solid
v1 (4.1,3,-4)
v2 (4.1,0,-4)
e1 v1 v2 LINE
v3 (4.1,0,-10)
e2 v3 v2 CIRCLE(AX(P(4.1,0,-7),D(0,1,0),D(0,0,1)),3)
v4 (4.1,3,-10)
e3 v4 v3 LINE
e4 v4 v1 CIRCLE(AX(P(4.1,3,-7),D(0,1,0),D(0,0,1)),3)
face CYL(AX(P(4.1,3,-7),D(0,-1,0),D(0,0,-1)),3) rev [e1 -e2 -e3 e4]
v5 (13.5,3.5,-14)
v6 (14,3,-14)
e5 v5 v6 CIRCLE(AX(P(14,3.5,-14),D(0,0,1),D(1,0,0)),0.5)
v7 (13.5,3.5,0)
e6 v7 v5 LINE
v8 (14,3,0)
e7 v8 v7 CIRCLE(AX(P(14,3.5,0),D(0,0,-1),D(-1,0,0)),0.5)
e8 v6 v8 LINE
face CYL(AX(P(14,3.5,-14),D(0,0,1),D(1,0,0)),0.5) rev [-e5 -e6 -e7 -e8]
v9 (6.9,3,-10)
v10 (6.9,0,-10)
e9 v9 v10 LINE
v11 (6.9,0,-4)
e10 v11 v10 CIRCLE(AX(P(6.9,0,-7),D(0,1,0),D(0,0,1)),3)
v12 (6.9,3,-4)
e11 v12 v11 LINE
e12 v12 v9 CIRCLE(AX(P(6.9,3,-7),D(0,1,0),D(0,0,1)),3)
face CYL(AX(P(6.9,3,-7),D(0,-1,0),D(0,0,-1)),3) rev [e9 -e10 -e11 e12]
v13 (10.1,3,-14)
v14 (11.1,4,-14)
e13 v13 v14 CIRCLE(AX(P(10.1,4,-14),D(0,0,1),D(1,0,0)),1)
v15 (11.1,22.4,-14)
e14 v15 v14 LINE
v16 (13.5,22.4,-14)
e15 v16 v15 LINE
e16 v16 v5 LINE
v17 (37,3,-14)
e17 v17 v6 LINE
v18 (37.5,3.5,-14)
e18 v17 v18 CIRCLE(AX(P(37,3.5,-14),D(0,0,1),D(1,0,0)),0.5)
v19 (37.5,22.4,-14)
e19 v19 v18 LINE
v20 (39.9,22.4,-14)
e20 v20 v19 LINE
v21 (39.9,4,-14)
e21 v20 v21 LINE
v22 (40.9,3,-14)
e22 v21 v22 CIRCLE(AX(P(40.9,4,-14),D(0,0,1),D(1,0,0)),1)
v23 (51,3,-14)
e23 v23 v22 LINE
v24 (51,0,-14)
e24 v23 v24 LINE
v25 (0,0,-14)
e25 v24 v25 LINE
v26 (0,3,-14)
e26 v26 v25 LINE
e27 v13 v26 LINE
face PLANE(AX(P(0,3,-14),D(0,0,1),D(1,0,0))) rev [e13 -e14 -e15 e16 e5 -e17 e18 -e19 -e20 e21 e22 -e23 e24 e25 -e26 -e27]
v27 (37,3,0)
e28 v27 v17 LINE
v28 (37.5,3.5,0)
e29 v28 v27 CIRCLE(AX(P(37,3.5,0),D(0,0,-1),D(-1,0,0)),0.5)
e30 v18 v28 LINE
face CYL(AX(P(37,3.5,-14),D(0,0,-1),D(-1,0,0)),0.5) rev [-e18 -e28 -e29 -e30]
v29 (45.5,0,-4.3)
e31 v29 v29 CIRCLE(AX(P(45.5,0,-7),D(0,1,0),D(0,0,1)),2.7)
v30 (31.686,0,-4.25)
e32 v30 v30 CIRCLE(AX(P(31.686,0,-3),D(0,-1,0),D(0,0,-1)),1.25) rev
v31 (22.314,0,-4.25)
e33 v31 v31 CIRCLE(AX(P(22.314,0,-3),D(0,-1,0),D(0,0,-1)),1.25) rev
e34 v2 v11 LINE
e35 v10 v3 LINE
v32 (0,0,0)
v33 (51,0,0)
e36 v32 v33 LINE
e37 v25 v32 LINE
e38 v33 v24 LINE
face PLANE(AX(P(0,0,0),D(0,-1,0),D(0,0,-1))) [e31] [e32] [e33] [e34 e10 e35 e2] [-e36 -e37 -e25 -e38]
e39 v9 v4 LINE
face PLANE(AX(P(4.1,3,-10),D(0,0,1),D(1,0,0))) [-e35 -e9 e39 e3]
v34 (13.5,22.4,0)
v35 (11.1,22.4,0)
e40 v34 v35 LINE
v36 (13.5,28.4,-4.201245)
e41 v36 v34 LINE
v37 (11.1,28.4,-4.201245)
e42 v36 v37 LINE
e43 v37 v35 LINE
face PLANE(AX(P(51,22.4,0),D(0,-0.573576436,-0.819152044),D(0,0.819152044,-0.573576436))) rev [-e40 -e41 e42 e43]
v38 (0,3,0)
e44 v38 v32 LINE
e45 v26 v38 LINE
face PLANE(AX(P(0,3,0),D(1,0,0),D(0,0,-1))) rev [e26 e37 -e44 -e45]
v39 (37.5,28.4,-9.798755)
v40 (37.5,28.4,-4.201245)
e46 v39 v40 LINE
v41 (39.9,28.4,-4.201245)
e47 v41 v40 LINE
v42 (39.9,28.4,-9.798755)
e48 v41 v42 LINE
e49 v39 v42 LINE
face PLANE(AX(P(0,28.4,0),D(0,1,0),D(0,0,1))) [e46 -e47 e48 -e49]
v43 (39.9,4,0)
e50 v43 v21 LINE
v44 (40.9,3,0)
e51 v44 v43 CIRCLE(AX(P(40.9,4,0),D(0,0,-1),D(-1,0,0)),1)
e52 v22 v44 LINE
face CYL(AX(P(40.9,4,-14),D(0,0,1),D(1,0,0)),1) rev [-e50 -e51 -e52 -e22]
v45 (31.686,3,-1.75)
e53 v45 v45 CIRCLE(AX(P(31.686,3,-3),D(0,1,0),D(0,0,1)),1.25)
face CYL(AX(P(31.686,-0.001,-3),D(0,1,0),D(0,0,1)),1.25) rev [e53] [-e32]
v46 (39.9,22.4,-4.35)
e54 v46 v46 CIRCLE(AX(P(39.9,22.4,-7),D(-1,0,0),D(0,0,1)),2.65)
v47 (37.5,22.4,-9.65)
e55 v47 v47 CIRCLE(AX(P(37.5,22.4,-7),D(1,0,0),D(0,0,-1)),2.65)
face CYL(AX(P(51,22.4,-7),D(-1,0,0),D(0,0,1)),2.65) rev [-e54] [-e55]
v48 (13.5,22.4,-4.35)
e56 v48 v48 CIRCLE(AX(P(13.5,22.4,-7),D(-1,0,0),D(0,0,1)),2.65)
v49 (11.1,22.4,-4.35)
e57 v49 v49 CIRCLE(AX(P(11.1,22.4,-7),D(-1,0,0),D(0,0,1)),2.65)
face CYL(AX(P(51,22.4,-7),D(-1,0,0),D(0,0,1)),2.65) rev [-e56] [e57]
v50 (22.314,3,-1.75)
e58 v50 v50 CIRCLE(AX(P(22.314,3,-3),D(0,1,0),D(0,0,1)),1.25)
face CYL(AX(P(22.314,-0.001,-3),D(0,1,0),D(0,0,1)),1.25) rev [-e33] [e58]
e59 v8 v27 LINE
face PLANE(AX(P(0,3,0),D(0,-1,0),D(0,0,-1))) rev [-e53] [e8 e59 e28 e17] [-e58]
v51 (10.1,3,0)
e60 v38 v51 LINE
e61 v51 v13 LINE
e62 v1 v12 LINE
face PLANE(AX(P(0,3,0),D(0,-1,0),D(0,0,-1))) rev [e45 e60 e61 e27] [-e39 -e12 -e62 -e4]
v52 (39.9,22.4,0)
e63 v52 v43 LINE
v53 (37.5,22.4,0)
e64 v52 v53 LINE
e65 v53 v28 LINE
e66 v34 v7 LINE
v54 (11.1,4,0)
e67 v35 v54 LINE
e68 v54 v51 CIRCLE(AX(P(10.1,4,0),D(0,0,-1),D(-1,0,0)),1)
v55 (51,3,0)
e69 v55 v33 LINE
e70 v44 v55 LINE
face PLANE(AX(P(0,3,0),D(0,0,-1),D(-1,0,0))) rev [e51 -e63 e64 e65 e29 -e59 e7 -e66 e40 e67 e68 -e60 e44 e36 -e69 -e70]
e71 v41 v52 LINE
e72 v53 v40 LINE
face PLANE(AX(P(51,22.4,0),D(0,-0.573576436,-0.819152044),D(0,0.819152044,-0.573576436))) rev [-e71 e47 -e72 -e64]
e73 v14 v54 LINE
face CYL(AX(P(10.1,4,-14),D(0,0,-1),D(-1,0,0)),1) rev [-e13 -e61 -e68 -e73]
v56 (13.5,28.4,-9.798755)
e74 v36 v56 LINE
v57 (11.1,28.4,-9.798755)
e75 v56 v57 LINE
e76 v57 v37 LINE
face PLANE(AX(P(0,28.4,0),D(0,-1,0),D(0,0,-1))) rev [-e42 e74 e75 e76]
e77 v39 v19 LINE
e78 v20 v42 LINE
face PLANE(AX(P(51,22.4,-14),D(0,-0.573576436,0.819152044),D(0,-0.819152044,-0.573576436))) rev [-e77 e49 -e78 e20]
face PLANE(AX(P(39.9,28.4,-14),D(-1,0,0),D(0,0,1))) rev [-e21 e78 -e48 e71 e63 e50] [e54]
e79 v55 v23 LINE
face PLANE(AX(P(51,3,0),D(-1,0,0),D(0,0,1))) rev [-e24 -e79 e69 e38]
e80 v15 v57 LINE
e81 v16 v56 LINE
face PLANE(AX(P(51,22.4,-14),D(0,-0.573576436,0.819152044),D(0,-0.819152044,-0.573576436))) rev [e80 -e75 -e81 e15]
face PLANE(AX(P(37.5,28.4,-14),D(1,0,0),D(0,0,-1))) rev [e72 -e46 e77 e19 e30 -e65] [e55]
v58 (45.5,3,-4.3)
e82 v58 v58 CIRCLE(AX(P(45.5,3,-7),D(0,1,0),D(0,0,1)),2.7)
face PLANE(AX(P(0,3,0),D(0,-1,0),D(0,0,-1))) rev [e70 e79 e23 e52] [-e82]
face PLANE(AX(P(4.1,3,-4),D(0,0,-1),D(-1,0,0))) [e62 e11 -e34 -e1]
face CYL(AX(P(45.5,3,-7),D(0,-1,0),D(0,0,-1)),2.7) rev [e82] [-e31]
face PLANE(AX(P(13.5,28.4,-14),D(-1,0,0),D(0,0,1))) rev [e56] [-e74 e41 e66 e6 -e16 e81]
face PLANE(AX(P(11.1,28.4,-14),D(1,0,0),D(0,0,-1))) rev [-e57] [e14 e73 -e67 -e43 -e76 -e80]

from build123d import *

# Parameters (mm, degrees)
SKETCH1_W           = 51
SKETCH1_H           = 14
SKETCH1_R           = 2.7
BOSS_EXTRUDE1_DEPTH = 3
SKETCH2_W           = 2.4
SKETCH2_H           = 14
BOSS_EXTRUDE2_DEPTH = 25.4
CUT_EXTRUDE1_REACH  = 5
SKETCH3_R           = 1.25
SKETCH4_R           = 2.65
CUT_EXTRUDE2_DEPTH  = 40.9
CUT_EXTRUDE3_DEPTH  = 40.9
FILLET1_R           = 1
FILLET2_R           = 0.5


with BuildPart() as part:
    # Sketch1 → Boss-Extrude1 (new body)
    with BuildSketch(Plane(origin=(0, 0, 0), x_dir=(1, 0, 0), z_dir=(0, 1, 0))):
        with Locations((25.5, 7)):
            Rectangle(SKETCH1_W, SKETCH1_H)
        with Locations((45.5, 7)):
            Circle(SKETCH1_R, mode=Mode.SUBTRACT)
        with BuildLine():
            Line((4.1, 10), (6.9, 10))
            ThreePointArc((6.9, 10), (9.9, 7), (6.9, 4))
            Line((6.9, 4), (4.1, 4))
            ThreePointArc((4.1, 4), (1.1, 7), (4.1, 10))
        make_face(mode=Mode.SUBTRACT)
    extrude(amount=BOSS_EXTRUDE1_DEPTH)

    # Sketch2 → Boss-Extrude2 (add)
    with BuildSketch(Plane(origin=(0, 3, 0), x_dir=(1, 0, 0), z_dir=(0, 1, 0))):
        with Locations((12.3, 7)):
            Rectangle(SKETCH2_W, SKETCH2_H)
        with Locations((38.7, 7)):
            Rectangle(SKETCH2_W, SKETCH2_H)
    extrude(amount=BOSS_EXTRUDE2_DEPTH)

    # Sketch3 → Cut-Extrude1 (cut, up to next)
    with BuildSketch(Plane(origin=(0, 3, 0), x_dir=(1, 0, 0), z_dir=(0, 1, 0)), mode=Mode.PRIVATE) as cut_extrude1_sk1:
        with Locations((22.314, 3)):
            Circle(SKETCH3_R)
    cut_extrude1_tool1 = extrude(cut_extrude1_sk1.sketch, amount=-CUT_EXTRUDE1_REACH, mode=Mode.PRIVATE) & part.part
    add(cut_extrude1_tool1.solids().sort_by_distance((22.314, 3, -3))[0], mode=Mode.SUBTRACT)
    # Sketch3 → Cut-Extrude1 (cut, up to next)
    with BuildSketch(Plane(origin=(0, 3, 0), x_dir=(1, 0, 0), z_dir=(0, 1, 0)), mode=Mode.PRIVATE) as cut_extrude1_sk2:
        with Locations((31.686, 3)):
            Circle(SKETCH3_R)
    cut_extrude1_tool2 = extrude(cut_extrude1_sk2.sketch, amount=-CUT_EXTRUDE1_REACH, mode=Mode.PRIVATE) & part.part
    add(cut_extrude1_tool2.solids().sort_by_distance((31.686, 3, -3))[0], mode=Mode.SUBTRACT)

    # Sketch4 → Cut-Extrude2 (cut, through all)
    with BuildSketch(Plane.ZY.offset(-11.1)):
        with Locations((-7, 22.4)):
            Circle(SKETCH4_R)
    extrude(amount=-CUT_EXTRUDE2_DEPTH, mode=Mode.SUBTRACT)

    # Sketch5 → Cut-Extrude3 (cut, through all)
    with BuildSketch(Plane.ZY.offset(-11.1)):
        Polygon((-14, 22.4), (-9.798754771, 28.4), (-14, 28.4), align=None)
        Polygon((0, 22.4), (-4.201245229, 28.4), (0, 28.4), align=None)
    extrude(amount=-CUT_EXTRUDE3_DEPTH, mode=Mode.SUBTRACT)

    # Fillet1
    fillet1_edges = [part.edges().sort_by_distance(p)[0] for p in [
        (39.9, 3, -7),
        (11.1, 3, -7),
    ]]
    fillet(fillet1_edges, radius=FILLET1_R)

    # Fillet2
    fillet2_edges = [part.edges().sort_by_distance(p)[0] for p in [
        (37.5, 3, -7),
        (13.5, 3, -7),
    ]]
    fillet(fillet2_edges, radius=FILLET2_R)


solid = part.part
